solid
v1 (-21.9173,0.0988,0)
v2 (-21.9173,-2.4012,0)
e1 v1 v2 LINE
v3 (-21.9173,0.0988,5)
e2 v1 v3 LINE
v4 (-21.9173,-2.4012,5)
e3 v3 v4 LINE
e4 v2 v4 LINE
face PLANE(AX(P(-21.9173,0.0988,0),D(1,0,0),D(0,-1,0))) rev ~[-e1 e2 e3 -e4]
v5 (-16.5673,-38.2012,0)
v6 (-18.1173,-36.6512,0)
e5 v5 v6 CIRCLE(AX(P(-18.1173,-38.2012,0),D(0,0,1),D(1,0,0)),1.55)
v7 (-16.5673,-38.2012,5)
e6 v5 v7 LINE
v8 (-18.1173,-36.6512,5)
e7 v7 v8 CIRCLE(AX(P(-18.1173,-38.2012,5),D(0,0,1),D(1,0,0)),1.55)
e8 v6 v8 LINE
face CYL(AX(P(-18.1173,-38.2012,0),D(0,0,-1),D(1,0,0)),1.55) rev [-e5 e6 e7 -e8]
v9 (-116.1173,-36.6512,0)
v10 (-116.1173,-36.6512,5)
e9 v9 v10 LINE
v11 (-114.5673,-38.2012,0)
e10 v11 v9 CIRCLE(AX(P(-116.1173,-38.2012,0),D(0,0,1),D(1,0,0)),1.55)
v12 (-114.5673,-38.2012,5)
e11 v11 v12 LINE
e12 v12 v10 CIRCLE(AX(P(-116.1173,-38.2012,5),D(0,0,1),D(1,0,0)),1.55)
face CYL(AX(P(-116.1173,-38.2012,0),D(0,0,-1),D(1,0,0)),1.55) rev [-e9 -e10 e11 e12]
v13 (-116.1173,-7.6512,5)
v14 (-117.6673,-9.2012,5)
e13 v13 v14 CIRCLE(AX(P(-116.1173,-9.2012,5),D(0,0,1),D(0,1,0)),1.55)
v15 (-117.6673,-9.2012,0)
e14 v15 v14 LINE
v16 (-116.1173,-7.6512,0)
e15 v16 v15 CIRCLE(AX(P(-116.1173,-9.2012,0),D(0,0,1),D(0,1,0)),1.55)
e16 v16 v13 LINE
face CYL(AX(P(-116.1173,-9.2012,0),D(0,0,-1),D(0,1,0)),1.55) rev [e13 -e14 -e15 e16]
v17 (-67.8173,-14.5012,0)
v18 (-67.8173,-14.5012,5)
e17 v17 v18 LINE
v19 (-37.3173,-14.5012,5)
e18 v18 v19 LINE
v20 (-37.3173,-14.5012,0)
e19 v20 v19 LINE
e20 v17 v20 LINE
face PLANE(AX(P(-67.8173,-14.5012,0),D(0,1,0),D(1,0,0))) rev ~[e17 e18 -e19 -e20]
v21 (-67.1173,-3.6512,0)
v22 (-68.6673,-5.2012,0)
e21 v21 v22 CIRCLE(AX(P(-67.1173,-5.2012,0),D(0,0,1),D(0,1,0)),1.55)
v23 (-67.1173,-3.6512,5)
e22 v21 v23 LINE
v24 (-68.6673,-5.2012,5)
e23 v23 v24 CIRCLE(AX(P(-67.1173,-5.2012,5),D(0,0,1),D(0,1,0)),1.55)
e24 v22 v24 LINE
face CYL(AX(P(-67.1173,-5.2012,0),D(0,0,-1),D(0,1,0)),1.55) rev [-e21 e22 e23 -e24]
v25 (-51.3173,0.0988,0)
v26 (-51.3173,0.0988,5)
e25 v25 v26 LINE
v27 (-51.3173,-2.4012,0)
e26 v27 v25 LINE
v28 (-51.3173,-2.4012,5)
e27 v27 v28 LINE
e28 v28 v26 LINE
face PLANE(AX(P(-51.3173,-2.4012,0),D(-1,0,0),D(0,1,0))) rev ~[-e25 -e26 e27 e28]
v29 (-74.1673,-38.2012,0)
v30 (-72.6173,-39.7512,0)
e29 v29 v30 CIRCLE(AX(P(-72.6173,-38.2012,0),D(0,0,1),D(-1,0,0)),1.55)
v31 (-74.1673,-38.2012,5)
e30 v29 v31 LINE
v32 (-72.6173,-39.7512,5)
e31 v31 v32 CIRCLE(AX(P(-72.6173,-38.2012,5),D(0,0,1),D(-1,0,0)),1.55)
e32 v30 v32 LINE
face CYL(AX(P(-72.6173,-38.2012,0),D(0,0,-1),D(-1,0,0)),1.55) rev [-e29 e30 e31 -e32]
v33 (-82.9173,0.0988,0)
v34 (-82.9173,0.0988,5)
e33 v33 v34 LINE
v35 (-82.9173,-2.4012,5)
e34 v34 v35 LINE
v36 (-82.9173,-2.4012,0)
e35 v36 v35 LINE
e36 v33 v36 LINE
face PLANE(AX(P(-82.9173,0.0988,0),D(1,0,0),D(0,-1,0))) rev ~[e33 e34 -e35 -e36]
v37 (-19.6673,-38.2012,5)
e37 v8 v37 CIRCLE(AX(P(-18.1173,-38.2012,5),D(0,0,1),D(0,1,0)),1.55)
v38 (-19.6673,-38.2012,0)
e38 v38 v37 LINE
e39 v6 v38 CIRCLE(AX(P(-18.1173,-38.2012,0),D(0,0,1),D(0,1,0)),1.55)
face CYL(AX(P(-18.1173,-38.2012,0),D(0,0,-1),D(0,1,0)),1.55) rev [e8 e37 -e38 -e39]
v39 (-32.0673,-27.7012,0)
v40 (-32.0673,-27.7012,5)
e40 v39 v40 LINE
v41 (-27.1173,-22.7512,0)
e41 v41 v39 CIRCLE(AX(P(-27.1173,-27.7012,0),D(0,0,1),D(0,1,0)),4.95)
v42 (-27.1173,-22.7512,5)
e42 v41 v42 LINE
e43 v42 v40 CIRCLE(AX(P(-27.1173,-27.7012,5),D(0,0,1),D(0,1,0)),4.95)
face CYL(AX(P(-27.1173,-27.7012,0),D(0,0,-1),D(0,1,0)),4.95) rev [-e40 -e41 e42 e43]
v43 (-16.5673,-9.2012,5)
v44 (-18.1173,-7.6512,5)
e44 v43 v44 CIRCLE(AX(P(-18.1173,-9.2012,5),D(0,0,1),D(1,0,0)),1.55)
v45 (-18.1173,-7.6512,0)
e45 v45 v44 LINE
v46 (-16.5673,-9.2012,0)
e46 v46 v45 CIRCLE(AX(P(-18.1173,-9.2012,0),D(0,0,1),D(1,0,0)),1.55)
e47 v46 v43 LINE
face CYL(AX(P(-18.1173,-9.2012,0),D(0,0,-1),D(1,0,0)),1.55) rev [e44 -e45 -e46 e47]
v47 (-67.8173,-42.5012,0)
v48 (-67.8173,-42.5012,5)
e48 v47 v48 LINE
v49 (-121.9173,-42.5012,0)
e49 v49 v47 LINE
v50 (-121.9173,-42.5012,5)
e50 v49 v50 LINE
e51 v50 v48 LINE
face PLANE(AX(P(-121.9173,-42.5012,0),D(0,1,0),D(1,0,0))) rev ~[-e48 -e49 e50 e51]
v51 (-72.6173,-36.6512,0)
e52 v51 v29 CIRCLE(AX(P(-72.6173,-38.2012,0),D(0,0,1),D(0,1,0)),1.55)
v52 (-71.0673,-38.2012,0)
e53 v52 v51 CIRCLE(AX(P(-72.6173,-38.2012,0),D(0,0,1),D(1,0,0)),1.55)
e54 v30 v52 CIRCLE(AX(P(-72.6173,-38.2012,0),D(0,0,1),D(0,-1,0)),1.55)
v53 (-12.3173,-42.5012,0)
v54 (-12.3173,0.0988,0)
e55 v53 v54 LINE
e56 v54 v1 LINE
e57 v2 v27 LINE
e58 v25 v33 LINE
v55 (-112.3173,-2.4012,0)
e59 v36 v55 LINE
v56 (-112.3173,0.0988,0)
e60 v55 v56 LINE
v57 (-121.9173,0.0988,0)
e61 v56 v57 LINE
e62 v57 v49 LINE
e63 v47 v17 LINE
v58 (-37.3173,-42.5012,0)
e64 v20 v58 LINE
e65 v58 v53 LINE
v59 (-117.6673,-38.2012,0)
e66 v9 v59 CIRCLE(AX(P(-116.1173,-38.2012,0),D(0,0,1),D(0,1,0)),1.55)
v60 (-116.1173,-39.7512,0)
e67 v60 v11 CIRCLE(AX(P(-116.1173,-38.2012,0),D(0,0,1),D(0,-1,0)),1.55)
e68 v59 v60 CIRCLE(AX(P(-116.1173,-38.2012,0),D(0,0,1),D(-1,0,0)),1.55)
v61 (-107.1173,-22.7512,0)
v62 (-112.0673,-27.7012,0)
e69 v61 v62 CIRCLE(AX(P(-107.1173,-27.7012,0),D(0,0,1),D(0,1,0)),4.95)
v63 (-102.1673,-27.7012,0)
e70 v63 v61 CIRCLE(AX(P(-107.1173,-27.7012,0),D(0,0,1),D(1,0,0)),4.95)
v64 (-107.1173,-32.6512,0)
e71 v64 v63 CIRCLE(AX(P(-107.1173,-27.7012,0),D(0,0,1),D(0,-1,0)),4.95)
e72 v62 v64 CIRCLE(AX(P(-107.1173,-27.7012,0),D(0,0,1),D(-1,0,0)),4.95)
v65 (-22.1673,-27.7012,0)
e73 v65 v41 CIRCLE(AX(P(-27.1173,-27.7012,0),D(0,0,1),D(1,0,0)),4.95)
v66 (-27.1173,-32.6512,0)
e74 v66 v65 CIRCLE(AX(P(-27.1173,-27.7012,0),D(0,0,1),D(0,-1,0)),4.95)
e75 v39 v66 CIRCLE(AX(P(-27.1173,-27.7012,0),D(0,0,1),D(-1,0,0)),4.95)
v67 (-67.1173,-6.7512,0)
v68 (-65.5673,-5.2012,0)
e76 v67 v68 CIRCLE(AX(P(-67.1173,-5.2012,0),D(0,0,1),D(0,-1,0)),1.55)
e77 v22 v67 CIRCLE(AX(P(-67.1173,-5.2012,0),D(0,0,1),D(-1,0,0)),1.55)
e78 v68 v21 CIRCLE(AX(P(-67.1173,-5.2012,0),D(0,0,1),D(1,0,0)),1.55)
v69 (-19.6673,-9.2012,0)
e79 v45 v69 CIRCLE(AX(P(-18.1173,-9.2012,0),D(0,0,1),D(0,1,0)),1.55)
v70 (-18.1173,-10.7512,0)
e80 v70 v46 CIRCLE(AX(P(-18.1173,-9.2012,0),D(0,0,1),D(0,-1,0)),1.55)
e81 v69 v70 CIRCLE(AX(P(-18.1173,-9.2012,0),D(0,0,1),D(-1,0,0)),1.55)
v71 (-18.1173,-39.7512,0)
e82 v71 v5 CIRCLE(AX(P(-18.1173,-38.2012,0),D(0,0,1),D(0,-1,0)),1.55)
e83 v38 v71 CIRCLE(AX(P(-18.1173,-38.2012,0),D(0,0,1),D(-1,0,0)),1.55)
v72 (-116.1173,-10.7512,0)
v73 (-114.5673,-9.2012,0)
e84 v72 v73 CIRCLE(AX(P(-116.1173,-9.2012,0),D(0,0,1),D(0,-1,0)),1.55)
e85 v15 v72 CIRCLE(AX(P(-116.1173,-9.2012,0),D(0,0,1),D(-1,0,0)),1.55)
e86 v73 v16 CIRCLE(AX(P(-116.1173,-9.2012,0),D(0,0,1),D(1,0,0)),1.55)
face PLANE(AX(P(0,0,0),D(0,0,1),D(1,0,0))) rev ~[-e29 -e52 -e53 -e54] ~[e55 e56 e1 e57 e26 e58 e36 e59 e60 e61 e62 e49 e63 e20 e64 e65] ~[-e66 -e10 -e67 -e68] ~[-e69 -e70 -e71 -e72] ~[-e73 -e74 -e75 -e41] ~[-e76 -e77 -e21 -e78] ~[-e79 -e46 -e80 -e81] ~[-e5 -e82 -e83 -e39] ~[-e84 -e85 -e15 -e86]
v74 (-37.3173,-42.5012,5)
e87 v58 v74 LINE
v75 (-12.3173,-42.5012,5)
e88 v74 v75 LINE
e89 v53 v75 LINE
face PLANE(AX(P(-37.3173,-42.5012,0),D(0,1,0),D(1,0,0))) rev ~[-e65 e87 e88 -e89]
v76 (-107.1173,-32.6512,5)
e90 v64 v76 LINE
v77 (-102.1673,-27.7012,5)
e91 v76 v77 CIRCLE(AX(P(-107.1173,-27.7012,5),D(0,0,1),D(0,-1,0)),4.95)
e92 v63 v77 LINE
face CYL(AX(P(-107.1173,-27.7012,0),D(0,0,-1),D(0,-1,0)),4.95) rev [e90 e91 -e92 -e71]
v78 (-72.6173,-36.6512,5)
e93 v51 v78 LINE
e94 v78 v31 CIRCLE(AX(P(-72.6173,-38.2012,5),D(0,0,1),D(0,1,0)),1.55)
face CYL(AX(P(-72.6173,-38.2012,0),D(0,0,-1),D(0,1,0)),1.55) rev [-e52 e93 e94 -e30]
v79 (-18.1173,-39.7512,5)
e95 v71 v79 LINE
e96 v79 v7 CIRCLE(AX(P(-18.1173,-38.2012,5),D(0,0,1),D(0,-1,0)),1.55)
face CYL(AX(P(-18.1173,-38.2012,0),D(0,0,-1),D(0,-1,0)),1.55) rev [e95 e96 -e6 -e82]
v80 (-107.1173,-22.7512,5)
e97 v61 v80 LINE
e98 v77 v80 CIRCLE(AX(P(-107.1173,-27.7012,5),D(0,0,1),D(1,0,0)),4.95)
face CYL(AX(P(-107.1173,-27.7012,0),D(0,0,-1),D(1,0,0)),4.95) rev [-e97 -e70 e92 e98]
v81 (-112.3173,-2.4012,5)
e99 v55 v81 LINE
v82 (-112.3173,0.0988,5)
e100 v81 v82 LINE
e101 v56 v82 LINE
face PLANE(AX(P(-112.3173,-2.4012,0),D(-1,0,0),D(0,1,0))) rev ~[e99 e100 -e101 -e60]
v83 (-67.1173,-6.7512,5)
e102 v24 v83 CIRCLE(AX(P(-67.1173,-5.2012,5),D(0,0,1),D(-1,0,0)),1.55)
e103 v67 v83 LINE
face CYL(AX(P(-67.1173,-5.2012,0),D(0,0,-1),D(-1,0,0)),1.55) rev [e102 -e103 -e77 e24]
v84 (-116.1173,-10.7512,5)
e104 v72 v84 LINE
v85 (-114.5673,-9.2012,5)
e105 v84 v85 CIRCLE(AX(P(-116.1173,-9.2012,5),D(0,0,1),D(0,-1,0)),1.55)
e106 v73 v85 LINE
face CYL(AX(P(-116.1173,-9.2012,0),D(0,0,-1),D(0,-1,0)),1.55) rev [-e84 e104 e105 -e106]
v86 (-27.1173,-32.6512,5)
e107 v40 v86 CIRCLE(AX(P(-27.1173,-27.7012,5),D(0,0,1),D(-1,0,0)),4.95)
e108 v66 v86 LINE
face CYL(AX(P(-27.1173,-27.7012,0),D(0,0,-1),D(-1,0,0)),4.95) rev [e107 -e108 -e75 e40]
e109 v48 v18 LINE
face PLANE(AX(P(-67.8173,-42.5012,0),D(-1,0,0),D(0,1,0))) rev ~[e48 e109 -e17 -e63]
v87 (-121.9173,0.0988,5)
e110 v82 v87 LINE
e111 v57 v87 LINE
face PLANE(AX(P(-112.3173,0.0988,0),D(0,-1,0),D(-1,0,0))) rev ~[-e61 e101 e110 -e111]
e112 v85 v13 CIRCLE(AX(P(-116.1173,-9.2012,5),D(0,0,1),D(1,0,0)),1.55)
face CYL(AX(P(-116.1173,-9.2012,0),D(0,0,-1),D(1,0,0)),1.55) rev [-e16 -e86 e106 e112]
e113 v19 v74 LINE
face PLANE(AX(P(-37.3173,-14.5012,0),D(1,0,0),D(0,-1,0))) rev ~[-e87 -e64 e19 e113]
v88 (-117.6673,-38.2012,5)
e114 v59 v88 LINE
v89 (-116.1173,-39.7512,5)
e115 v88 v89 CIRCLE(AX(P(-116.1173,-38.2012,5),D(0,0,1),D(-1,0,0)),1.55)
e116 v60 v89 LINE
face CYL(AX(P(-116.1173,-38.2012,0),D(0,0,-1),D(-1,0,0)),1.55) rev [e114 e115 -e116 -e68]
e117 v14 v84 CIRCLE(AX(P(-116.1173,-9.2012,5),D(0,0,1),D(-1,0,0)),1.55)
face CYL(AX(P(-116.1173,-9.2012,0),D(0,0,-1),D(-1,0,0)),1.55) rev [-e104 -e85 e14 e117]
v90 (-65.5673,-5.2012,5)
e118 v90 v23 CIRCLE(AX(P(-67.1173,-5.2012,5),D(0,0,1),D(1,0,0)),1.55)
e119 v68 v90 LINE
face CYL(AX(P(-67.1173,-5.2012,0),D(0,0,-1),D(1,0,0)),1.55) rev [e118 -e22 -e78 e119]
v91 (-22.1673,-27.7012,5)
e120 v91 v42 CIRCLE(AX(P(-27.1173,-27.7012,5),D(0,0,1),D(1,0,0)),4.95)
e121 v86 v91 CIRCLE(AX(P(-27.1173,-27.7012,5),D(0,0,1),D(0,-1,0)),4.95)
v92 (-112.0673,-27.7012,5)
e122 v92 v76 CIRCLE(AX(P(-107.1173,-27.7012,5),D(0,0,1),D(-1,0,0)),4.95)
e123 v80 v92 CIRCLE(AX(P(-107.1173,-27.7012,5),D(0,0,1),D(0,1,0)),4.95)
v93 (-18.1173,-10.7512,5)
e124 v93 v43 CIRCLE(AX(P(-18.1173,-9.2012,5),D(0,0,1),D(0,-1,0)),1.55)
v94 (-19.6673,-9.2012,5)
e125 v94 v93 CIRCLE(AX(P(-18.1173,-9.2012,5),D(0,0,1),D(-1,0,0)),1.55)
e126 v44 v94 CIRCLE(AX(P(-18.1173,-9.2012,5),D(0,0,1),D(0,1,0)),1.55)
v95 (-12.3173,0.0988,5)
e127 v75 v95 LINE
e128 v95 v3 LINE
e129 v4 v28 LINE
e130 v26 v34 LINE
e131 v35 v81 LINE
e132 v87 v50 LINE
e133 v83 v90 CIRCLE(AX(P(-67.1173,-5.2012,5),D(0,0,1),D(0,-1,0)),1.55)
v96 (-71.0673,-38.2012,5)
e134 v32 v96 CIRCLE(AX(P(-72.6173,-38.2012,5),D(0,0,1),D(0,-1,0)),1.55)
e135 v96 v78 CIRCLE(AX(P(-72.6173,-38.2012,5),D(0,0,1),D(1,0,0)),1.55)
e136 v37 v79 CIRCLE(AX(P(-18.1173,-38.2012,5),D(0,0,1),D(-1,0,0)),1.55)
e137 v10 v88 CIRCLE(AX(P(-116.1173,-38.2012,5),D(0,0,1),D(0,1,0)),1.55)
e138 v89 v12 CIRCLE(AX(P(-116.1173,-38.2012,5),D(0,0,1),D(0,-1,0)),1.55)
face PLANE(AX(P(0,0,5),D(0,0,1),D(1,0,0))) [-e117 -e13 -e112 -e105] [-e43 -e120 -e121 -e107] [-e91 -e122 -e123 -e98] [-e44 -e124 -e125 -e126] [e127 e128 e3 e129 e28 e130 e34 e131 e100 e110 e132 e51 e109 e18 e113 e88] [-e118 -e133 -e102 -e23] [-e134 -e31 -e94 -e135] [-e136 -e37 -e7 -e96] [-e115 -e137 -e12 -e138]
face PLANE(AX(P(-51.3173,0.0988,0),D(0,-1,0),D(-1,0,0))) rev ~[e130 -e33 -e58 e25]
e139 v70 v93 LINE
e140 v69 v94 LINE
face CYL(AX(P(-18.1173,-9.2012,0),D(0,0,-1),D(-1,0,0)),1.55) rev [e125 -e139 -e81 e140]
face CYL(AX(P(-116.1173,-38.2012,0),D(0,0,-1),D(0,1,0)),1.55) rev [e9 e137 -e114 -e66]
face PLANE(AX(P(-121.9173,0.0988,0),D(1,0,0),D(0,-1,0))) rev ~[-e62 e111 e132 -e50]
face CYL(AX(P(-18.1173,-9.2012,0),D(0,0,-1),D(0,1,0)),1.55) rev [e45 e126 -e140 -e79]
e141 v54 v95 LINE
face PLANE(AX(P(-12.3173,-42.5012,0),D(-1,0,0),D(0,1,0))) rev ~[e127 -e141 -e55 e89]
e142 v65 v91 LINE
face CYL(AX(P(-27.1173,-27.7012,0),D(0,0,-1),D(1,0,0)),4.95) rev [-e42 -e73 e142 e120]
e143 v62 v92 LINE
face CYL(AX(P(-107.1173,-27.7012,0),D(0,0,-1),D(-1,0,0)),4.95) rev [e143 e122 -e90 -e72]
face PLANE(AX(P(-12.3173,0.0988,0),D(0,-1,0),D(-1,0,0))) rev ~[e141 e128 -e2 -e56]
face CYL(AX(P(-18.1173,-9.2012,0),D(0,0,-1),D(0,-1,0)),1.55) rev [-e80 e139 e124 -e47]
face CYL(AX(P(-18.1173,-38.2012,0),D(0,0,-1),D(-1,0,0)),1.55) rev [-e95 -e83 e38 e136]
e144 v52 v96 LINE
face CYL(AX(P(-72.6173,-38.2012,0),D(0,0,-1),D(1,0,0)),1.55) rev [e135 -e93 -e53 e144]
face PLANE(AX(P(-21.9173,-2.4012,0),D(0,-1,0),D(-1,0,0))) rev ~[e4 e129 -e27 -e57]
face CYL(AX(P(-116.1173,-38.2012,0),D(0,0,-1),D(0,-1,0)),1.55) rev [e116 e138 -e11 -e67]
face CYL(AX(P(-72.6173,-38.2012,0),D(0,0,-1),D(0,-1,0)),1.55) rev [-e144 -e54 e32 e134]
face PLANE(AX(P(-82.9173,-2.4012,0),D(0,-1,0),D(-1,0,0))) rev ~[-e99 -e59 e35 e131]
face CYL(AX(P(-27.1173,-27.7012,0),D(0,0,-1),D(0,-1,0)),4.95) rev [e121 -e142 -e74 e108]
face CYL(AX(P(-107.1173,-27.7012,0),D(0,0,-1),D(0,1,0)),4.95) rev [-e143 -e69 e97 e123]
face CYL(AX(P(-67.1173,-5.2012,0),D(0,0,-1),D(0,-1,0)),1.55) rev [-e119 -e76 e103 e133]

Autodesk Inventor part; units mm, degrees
ref_plane "YZ Plane" through (0, 0, 0) normal (1, 0, 0) x (0, 1, 0)
ref_plane "XZ Plane" through (0, 0, 0) normal (0, 1, 0) x (-1, 0, 0)
ref_plane "XY Plane" through (0, 0, 0) normal (0, 0, 1) x (1, 0, 0)
sketch "Boceto1" plane through (0, 0, 0) normal (0, 0, 1) x (1, 0, 0)
  arc A0 (-116.1173, -7.6512) -> (-117.6673, -9.2012) centre (-116.1173, -9.2012) ccw
  arc A1 (-117.6673, -9.2012) -> (-116.1173, -10.7512) centre (-116.1173, -9.2012) ccw
  arc A2 (-116.1173, -10.7512) -> (-114.5673, -9.2012) centre (-116.1173, -9.2012) ccw
  arc A3 (-114.5673, -9.2012) -> (-116.1173, -7.6512) centre (-116.1173, -9.2012) ccw
  arc A4 (-67.1173, -3.6512) -> (-68.6673, -5.2012) centre (-67.1173, -5.2012) ccw
  arc A5 (-68.6673, -5.2012) -> (-67.1173, -6.7512) centre (-67.1173, -5.2012) ccw
  arc A6 (-67.1173, -6.7512) -> (-65.5673, -5.2012) centre (-67.1173, -5.2012) ccw
  arc A7 (-65.5673, -5.2012) -> (-67.1173, -3.6512) centre (-67.1173, -5.2012) ccw
  arc A8 (-18.1173, -7.6512) -> (-19.6673, -9.2012) centre (-18.1173, -9.2012) ccw
  arc A9 (-19.6673, -9.2012) -> (-18.1173, -10.7512) centre (-18.1173, -9.2012) ccw
  arc A10 (-18.1173, -10.7512) -> (-16.5673, -9.2012) centre (-18.1173, -9.2012) ccw
  arc A11 (-16.5673, -9.2012) -> (-18.1173, -7.6512) centre (-18.1173, -9.2012) ccw
  arc A12 (-72.6173, -36.6512) -> (-74.1673, -38.2012) centre (-72.6173, -38.2012) ccw
  arc A13 (-74.1673, -38.2012) -> (-72.6173, -39.7512) centre (-72.6173, -38.2012) ccw
  arc A14 (-72.6173, -39.7512) -> (-71.0673, -38.2012) centre (-72.6173, -38.2012) ccw
  arc A15 (-71.0673, -38.2012) -> (-72.6173, -36.6512) centre (-72.6173, -38.2012) ccw
  arc A16 (-18.1173, -36.6512) -> (-19.6673, -38.2012) centre (-18.1173, -38.2012) ccw
  arc A17 (-19.6673, -38.2012) -> (-18.1173, -39.7512) centre (-18.1173, -38.2012) ccw
  arc A18 (-18.1173, -39.7512) -> (-16.5673, -38.2012) centre (-18.1173, -38.2012) ccw
  arc A19 (-16.5673, -38.2012) -> (-18.1173, -36.6512) centre (-18.1173, -38.2012) ccw
  arc A20 (-116.1173, -36.6512) -> (-117.6673, -38.2012) centre (-116.1173, -38.2012) ccw
  arc A21 (-117.6673, -38.2012) -> (-116.1173, -39.7512) centre (-116.1173, -38.2012) ccw
  arc A22 (-116.1173, -39.7512) -> (-114.5673, -38.2012) centre (-116.1173, -38.2012) ccw
  arc A23 (-114.5673, -38.2012) -> (-116.1173, -36.6512) centre (-116.1173, -38.2012) ccw
  arc A24 (-107.1173, -22.7512) -> (-112.0673, -27.7012) centre (-107.1173, -27.7012) ccw
  arc A25 (-112.0673, -27.7012) -> (-107.1173, -32.6512) centre (-107.1173, -27.7012) ccw
  arc A26 (-107.1173, -32.6512) -> (-102.1673, -27.7012) centre (-107.1173, -27.7012) ccw
  arc A27 (-102.1673, -27.7012) -> (-107.1173, -22.7512) centre (-107.1173, -27.7012) ccw
  arc A28 (-27.1173, -22.7512) -> (-32.0673, -27.7012) centre (-27.1173, -27.7012) ccw
  arc A29 (-32.0673, -27.7012) -> (-27.1173, -32.6512) centre (-27.1173, -27.7012) ccw
  arc A30 (-27.1173, -32.6512) -> (-22.1673, -27.7012) centre (-27.1173, -27.7012) ccw
  arc A31 (-22.1673, -27.7012) -> (-27.1173, -22.7512) centre (-27.1173, -27.7012) ccw
  line L0 (-67.8173, -14.5012) -> (-37.3173, -14.5012)
  line L1 (-37.3173, -14.5012) -> (-37.3173, -42.5012)
  line L2 (-37.3173, -42.5012) -> (-12.3173, -42.5012)
  line L3 (-12.3173, -42.5012) -> (-12.3173, 0.0988)
  line L4 (-12.3173, 0.0988) -> (-21.9173, 0.0988)
  line L5 (-21.9173, 0.0988) -> (-21.9173, -2.4012)
  line L6 (-21.9173, -2.4012) -> (-51.3173, -2.4012)
  line L7 (-51.3173, -2.4012) -> (-51.3173, 0.0988)
  line L8 (-51.3173, 0.0988) -> (-82.9173, 0.0988)
  line L9 (-82.9173, 0.0988) -> (-82.9173, -2.4012)
  line L10 (-82.9173, -2.4012) -> (-112.3173, -2.4012)
  line L11 (-112.3173, -2.4012) -> (-112.3173, 0.0988)
  line L12 (-112.3173, 0.0988) -> (-121.9173, 0.0988)
  line L13 (-121.9173, 0.0988) -> (-121.9173, -42.5012)
  line L14 (-121.9173, -42.5012) -> (-67.8173, -42.5012)
  line L15 (-67.8173, -42.5012) -> (-67.8173, -14.5012)
  point P0 (0, 0)
extrude "Extrusión1" add sketch "Boceto1" along normal blind 5
properties part number "carro x lado polea pieza2"
